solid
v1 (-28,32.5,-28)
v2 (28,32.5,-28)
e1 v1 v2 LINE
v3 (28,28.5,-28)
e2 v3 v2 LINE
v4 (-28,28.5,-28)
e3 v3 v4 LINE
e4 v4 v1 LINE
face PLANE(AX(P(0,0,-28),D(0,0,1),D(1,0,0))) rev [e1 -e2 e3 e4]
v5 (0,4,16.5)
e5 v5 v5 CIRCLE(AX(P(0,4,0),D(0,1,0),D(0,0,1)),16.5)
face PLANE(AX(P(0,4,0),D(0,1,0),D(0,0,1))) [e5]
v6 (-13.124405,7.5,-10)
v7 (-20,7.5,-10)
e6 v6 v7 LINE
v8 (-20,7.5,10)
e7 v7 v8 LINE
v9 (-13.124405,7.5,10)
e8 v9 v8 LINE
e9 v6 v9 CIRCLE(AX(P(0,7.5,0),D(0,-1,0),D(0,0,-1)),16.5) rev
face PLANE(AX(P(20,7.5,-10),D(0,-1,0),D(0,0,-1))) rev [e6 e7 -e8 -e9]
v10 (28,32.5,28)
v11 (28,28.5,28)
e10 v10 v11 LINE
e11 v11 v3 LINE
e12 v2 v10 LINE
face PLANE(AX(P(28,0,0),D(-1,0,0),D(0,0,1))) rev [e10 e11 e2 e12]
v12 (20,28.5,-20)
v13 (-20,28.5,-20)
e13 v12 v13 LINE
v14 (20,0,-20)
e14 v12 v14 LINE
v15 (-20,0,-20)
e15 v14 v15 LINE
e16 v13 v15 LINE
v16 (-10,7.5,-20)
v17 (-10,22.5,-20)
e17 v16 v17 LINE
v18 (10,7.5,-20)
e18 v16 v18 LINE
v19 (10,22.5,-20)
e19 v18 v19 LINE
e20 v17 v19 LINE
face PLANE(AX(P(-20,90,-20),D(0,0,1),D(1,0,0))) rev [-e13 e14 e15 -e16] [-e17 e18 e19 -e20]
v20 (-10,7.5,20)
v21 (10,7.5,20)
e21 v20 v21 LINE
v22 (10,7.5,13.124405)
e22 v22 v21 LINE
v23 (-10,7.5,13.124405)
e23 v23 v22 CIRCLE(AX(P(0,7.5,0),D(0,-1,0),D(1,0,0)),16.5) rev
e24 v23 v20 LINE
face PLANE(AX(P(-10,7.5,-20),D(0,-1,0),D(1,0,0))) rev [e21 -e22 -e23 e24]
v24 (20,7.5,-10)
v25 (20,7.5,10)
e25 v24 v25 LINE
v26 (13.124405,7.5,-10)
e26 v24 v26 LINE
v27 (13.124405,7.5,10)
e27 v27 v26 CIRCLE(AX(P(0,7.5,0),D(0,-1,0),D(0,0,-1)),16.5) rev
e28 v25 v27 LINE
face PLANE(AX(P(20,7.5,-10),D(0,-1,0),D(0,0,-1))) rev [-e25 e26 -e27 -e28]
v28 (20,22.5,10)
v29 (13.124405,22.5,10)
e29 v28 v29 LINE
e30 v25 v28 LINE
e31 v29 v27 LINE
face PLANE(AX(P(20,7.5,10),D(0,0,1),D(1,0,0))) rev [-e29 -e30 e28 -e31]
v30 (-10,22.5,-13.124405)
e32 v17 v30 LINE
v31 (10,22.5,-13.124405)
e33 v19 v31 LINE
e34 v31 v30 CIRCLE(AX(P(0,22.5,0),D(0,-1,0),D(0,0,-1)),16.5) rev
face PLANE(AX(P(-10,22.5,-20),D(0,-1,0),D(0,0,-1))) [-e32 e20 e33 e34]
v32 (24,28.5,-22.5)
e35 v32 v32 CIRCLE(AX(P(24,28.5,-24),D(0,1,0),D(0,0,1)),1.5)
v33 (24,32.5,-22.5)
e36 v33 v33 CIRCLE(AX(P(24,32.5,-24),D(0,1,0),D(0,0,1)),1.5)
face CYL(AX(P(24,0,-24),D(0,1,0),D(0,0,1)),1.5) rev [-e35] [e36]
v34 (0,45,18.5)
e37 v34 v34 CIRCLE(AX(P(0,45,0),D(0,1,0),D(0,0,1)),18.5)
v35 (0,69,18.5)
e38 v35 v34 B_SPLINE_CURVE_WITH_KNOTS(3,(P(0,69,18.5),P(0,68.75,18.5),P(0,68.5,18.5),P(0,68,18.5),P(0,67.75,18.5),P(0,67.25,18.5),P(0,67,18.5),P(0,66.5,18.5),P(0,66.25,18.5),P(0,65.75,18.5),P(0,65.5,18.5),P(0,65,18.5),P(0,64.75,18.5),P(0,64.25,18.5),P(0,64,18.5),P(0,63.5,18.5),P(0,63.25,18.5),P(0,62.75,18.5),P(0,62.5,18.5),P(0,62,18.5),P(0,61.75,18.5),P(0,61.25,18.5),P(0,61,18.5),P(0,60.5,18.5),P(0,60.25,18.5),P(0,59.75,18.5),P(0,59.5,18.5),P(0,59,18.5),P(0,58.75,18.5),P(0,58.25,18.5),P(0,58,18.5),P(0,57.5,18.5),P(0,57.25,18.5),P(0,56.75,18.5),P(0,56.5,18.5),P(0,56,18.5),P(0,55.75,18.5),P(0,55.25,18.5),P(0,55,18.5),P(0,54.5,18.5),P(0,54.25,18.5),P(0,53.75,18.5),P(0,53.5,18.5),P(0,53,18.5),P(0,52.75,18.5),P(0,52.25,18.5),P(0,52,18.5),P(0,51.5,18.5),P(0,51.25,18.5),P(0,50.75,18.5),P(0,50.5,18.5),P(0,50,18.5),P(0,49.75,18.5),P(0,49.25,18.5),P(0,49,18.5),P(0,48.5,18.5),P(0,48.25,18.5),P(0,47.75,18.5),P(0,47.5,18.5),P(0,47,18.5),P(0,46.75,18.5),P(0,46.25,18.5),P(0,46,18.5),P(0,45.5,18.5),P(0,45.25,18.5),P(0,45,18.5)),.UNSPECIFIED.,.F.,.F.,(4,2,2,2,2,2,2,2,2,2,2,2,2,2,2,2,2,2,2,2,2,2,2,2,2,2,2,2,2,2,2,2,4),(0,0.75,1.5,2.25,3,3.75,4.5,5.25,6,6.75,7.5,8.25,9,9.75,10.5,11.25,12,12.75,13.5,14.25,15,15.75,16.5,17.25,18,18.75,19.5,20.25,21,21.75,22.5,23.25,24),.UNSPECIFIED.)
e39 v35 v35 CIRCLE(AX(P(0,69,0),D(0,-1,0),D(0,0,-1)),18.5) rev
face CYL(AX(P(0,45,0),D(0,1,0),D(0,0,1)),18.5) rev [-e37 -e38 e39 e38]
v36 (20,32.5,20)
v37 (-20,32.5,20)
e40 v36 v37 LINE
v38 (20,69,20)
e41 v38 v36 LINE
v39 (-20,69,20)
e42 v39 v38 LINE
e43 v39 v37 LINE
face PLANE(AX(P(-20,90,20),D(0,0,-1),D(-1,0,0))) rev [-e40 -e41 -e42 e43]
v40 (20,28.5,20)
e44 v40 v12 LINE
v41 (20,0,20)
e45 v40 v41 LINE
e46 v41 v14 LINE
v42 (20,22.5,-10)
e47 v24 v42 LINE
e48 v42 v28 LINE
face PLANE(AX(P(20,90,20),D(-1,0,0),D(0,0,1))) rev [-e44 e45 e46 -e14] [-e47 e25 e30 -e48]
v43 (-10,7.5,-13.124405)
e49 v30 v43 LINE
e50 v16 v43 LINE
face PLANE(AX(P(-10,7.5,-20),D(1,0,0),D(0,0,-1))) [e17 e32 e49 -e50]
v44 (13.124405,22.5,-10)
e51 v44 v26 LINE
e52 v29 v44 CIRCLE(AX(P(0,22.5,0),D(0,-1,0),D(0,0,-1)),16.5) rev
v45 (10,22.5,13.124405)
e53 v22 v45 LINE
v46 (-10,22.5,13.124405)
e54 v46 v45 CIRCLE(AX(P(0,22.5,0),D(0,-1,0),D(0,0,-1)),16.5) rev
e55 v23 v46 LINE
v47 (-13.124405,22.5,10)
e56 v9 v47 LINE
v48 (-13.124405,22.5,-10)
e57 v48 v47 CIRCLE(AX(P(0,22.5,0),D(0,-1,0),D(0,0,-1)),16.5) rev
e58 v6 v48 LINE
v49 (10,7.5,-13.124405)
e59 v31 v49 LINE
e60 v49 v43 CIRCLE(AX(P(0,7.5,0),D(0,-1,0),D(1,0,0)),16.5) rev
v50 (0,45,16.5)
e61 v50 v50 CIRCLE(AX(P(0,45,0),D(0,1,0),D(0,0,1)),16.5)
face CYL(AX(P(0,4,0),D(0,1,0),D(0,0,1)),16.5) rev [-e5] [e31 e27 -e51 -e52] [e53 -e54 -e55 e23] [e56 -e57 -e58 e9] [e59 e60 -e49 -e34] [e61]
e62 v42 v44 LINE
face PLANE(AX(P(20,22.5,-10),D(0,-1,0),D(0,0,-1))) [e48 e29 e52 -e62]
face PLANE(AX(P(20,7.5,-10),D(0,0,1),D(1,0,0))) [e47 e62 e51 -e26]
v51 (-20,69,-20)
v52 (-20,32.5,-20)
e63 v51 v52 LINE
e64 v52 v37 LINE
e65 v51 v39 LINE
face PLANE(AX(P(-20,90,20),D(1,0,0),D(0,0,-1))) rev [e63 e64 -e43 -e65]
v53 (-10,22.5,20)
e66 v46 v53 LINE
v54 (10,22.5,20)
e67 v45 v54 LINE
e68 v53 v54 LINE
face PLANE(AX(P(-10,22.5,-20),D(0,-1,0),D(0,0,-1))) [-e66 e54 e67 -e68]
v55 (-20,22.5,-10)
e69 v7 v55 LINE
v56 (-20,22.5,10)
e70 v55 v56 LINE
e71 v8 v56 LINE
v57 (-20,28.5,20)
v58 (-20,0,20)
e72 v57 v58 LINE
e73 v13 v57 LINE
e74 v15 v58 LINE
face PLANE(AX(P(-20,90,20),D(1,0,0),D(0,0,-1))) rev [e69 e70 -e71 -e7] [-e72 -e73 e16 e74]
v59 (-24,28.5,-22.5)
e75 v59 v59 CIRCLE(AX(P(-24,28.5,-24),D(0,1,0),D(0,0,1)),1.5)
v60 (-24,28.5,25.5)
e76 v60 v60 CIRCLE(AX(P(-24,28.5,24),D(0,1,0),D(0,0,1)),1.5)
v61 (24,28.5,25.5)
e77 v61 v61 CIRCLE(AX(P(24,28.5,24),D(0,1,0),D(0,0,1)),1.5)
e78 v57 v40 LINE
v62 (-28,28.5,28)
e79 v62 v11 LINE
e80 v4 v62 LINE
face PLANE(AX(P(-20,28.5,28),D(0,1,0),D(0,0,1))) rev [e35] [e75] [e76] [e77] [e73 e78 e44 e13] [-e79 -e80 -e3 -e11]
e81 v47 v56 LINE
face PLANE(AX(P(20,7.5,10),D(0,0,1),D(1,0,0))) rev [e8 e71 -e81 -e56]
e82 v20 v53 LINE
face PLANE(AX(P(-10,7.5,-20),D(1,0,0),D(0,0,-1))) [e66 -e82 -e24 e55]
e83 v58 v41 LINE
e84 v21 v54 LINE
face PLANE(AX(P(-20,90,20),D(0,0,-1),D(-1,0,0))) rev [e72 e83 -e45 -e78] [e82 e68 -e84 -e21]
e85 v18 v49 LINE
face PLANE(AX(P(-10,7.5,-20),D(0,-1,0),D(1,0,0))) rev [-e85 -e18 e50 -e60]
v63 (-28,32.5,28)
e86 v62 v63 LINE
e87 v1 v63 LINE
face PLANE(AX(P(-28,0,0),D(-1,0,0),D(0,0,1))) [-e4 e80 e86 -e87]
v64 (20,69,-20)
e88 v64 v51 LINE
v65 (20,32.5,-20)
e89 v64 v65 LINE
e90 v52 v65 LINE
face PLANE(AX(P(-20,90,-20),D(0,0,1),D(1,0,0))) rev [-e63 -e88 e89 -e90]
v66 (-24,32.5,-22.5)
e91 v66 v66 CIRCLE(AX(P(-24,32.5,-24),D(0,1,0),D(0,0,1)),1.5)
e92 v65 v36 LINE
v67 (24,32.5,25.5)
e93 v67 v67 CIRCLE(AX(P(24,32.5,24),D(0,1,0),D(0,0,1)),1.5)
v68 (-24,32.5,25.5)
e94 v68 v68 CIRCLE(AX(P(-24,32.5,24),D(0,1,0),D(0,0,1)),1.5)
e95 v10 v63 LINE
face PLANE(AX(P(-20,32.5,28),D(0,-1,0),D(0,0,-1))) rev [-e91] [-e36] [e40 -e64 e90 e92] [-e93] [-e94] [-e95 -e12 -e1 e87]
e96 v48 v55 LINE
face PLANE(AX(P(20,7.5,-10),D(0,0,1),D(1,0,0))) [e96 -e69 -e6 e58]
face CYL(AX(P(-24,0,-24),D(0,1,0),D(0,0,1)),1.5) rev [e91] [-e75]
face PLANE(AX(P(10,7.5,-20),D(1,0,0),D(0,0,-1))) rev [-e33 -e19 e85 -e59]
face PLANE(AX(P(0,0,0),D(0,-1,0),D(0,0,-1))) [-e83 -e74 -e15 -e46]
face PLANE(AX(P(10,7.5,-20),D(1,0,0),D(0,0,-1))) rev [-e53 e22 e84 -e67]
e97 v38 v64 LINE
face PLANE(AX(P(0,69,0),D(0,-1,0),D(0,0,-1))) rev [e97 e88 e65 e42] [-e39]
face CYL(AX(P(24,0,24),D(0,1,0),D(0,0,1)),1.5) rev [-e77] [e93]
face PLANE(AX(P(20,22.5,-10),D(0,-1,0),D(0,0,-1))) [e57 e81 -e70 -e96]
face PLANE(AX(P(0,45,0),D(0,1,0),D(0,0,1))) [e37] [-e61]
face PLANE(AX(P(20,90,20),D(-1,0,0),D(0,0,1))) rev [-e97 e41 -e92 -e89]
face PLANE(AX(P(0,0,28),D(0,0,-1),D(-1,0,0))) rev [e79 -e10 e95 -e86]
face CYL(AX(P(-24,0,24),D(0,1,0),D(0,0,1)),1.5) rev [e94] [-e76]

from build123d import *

# Parameters (mm, degrees)
SKETCH1_W           = 40
SKETCH1_H           = 40
BOSS_EXTRUDE1_DEPTH = 90
SKETCH2_R           = 18.5
CUT_EXTRUDE1_DEPTH  = 45
SKETCH3_R           = 16.5
CUT_EXTRUDE2_DEPTH  = 41
SKETCH4_W           = 40
SKETCH4_H           = 40
CUT_EXTRUDE3_DEPTH  = 21
SKETCH6_W           = 20
SKETCH6_H           = 15
CUT_EXTRUDE4_DEPTH  = 83.225300243
SKETCH8_W           = 20
SKETCH8_H           = 15
CUT_EXTRUDE5_DEPTH  = 83.225300243
SKETCH16_W          = 40
SKETCH16_H          = 4
BOSS_EXTRUDE3_DEPTH = 8
SKETCH17_W          = 40
SKETCH17_H          = 4
BOSS_EXTRUDE4_DEPTH = 8
SKETCH18_W          = 56
SKETCH18_H          = 4
BOSS_EXTRUDE5_DEPTH = 8
SKETCH19_W          = 56
SKETCH19_H          = 4
BOSS_EXTRUDE6_DEPTH = 8
SKETCH20_R          = 1.5
CUT_EXTRUDE9_DEPTH  = 54.853969213


with BuildPart() as part:
    # Sketch1 → Boss-Extrude1 (new body)
    with BuildSketch(Plane(origin=(0, 0, 0), x_dir=(1, 0, 0), z_dir=(0, 1, 0))):
        Rectangle(SKETCH1_W, SKETCH1_H)
    extrude(amount=BOSS_EXTRUDE1_DEPTH)

    # Sketch2 → Cut-Extrude1 (cut)
    with BuildSketch(Plane(origin=(0, 90, 0), x_dir=(1, 0, 0), z_dir=(0, 1, 0))):
        with Locations(Location((0, 0, 0), (0, 0, 270))):
            Circle(SKETCH2_R)
    extrude(amount=-CUT_EXTRUDE1_DEPTH, mode=Mode.SUBTRACT)

    # Sketch3 → Cut-Extrude2 (cut)
    with BuildSketch(Plane(origin=(0, 45, 0), x_dir=(1, 0, 0), z_dir=(0, 1, 0))):
        with Locations(Location((0, 0, 0), (0, 0, 270))):
            Circle(SKETCH3_R)
    extrude(amount=-CUT_EXTRUDE2_DEPTH, mode=Mode.SUBTRACT)

    # Sketch4 → Cut-Extrude3 (cut)
    with BuildSketch(Plane(origin=(0, 90, 0), x_dir=(1, 0, 0), z_dir=(0, 1, 0))):
        Rectangle(SKETCH4_W, SKETCH4_H)
    extrude(amount=-CUT_EXTRUDE3_DEPTH, mode=Mode.SUBTRACT)

    # Sketch6 → Cut-Extrude4 (cut, through all)
    with BuildSketch(Plane.XY.offset(20)):
        with Locations((0, 15)):
            Rectangle(SKETCH6_W, SKETCH6_H)
    extrude(amount=-CUT_EXTRUDE4_DEPTH, mode=Mode.SUBTRACT)

    # Sketch8 → Cut-Extrude5 (cut, through all)
    with BuildSketch(Plane.ZY.offset(20)):
        with Locations((0, 15)):
            Rectangle(SKETCH8_W, SKETCH8_H)
    extrude(amount=-CUT_EXTRUDE5_DEPTH, mode=Mode.SUBTRACT)

    # Sketch16 → Boss-Extrude3 (add)
    with BuildSketch(Plane.XY.offset(20)):
        with Locations((0, 30.5)):
            Rectangle(SKETCH16_W, SKETCH16_H)
    extrude(amount=BOSS_EXTRUDE3_DEPTH)

    # Sketch17 → Boss-Extrude4 (add)
    with BuildSketch(Plane(origin=(0, 0, -20), x_dir=(-1, 0, 0), z_dir=(0, 0, -1))):
        with Locations((0, 30.5)):
            Rectangle(SKETCH17_W, SKETCH17_H)
    extrude(amount=BOSS_EXTRUDE4_DEPTH)

    # Sketch18 → Boss-Extrude5 (add)
    with BuildSketch(Plane(origin=(20, 0, 0), x_dir=(0, 0, -1), z_dir=(1, 0, 0))):
        with Locations((0, 30.5)):
            Rectangle(SKETCH18_W, SKETCH18_H)
    extrude(amount=BOSS_EXTRUDE5_DEPTH)

    # Sketch19 → Boss-Extrude6 (add)
    with BuildSketch(Plane.ZY.offset(20)):
        with Locations((0, 30.5)):
            Rectangle(SKETCH19_W, SKETCH19_H)
    extrude(amount=BOSS_EXTRUDE6_DEPTH)

    # Sketch20 → Cut-Extrude9 (cut, through all)
    with BuildSketch(Plane(origin=(0, 32.5, 0), x_dir=(1, 0, 0), z_dir=(0, 1, 0))):
        with Locations(Location((-24, 24, 0), (0, 0, 270))):
            Circle(SKETCH20_R)
        with Locations(Location((24, 24, 0), (0, 0, 270))):
            Circle(SKETCH20_R)
        with Locations(Location((24, -24, 0), (0, 0, 270))):
            Circle(SKETCH20_R)
        with Locations(Location((-24, -24, 0), (0, 0, 270))):
            Circle(SKETCH20_R)
    extrude(amount=-CUT_EXTRUDE9_DEPTH, mode=Mode.SUBTRACT)


solid = part.part
